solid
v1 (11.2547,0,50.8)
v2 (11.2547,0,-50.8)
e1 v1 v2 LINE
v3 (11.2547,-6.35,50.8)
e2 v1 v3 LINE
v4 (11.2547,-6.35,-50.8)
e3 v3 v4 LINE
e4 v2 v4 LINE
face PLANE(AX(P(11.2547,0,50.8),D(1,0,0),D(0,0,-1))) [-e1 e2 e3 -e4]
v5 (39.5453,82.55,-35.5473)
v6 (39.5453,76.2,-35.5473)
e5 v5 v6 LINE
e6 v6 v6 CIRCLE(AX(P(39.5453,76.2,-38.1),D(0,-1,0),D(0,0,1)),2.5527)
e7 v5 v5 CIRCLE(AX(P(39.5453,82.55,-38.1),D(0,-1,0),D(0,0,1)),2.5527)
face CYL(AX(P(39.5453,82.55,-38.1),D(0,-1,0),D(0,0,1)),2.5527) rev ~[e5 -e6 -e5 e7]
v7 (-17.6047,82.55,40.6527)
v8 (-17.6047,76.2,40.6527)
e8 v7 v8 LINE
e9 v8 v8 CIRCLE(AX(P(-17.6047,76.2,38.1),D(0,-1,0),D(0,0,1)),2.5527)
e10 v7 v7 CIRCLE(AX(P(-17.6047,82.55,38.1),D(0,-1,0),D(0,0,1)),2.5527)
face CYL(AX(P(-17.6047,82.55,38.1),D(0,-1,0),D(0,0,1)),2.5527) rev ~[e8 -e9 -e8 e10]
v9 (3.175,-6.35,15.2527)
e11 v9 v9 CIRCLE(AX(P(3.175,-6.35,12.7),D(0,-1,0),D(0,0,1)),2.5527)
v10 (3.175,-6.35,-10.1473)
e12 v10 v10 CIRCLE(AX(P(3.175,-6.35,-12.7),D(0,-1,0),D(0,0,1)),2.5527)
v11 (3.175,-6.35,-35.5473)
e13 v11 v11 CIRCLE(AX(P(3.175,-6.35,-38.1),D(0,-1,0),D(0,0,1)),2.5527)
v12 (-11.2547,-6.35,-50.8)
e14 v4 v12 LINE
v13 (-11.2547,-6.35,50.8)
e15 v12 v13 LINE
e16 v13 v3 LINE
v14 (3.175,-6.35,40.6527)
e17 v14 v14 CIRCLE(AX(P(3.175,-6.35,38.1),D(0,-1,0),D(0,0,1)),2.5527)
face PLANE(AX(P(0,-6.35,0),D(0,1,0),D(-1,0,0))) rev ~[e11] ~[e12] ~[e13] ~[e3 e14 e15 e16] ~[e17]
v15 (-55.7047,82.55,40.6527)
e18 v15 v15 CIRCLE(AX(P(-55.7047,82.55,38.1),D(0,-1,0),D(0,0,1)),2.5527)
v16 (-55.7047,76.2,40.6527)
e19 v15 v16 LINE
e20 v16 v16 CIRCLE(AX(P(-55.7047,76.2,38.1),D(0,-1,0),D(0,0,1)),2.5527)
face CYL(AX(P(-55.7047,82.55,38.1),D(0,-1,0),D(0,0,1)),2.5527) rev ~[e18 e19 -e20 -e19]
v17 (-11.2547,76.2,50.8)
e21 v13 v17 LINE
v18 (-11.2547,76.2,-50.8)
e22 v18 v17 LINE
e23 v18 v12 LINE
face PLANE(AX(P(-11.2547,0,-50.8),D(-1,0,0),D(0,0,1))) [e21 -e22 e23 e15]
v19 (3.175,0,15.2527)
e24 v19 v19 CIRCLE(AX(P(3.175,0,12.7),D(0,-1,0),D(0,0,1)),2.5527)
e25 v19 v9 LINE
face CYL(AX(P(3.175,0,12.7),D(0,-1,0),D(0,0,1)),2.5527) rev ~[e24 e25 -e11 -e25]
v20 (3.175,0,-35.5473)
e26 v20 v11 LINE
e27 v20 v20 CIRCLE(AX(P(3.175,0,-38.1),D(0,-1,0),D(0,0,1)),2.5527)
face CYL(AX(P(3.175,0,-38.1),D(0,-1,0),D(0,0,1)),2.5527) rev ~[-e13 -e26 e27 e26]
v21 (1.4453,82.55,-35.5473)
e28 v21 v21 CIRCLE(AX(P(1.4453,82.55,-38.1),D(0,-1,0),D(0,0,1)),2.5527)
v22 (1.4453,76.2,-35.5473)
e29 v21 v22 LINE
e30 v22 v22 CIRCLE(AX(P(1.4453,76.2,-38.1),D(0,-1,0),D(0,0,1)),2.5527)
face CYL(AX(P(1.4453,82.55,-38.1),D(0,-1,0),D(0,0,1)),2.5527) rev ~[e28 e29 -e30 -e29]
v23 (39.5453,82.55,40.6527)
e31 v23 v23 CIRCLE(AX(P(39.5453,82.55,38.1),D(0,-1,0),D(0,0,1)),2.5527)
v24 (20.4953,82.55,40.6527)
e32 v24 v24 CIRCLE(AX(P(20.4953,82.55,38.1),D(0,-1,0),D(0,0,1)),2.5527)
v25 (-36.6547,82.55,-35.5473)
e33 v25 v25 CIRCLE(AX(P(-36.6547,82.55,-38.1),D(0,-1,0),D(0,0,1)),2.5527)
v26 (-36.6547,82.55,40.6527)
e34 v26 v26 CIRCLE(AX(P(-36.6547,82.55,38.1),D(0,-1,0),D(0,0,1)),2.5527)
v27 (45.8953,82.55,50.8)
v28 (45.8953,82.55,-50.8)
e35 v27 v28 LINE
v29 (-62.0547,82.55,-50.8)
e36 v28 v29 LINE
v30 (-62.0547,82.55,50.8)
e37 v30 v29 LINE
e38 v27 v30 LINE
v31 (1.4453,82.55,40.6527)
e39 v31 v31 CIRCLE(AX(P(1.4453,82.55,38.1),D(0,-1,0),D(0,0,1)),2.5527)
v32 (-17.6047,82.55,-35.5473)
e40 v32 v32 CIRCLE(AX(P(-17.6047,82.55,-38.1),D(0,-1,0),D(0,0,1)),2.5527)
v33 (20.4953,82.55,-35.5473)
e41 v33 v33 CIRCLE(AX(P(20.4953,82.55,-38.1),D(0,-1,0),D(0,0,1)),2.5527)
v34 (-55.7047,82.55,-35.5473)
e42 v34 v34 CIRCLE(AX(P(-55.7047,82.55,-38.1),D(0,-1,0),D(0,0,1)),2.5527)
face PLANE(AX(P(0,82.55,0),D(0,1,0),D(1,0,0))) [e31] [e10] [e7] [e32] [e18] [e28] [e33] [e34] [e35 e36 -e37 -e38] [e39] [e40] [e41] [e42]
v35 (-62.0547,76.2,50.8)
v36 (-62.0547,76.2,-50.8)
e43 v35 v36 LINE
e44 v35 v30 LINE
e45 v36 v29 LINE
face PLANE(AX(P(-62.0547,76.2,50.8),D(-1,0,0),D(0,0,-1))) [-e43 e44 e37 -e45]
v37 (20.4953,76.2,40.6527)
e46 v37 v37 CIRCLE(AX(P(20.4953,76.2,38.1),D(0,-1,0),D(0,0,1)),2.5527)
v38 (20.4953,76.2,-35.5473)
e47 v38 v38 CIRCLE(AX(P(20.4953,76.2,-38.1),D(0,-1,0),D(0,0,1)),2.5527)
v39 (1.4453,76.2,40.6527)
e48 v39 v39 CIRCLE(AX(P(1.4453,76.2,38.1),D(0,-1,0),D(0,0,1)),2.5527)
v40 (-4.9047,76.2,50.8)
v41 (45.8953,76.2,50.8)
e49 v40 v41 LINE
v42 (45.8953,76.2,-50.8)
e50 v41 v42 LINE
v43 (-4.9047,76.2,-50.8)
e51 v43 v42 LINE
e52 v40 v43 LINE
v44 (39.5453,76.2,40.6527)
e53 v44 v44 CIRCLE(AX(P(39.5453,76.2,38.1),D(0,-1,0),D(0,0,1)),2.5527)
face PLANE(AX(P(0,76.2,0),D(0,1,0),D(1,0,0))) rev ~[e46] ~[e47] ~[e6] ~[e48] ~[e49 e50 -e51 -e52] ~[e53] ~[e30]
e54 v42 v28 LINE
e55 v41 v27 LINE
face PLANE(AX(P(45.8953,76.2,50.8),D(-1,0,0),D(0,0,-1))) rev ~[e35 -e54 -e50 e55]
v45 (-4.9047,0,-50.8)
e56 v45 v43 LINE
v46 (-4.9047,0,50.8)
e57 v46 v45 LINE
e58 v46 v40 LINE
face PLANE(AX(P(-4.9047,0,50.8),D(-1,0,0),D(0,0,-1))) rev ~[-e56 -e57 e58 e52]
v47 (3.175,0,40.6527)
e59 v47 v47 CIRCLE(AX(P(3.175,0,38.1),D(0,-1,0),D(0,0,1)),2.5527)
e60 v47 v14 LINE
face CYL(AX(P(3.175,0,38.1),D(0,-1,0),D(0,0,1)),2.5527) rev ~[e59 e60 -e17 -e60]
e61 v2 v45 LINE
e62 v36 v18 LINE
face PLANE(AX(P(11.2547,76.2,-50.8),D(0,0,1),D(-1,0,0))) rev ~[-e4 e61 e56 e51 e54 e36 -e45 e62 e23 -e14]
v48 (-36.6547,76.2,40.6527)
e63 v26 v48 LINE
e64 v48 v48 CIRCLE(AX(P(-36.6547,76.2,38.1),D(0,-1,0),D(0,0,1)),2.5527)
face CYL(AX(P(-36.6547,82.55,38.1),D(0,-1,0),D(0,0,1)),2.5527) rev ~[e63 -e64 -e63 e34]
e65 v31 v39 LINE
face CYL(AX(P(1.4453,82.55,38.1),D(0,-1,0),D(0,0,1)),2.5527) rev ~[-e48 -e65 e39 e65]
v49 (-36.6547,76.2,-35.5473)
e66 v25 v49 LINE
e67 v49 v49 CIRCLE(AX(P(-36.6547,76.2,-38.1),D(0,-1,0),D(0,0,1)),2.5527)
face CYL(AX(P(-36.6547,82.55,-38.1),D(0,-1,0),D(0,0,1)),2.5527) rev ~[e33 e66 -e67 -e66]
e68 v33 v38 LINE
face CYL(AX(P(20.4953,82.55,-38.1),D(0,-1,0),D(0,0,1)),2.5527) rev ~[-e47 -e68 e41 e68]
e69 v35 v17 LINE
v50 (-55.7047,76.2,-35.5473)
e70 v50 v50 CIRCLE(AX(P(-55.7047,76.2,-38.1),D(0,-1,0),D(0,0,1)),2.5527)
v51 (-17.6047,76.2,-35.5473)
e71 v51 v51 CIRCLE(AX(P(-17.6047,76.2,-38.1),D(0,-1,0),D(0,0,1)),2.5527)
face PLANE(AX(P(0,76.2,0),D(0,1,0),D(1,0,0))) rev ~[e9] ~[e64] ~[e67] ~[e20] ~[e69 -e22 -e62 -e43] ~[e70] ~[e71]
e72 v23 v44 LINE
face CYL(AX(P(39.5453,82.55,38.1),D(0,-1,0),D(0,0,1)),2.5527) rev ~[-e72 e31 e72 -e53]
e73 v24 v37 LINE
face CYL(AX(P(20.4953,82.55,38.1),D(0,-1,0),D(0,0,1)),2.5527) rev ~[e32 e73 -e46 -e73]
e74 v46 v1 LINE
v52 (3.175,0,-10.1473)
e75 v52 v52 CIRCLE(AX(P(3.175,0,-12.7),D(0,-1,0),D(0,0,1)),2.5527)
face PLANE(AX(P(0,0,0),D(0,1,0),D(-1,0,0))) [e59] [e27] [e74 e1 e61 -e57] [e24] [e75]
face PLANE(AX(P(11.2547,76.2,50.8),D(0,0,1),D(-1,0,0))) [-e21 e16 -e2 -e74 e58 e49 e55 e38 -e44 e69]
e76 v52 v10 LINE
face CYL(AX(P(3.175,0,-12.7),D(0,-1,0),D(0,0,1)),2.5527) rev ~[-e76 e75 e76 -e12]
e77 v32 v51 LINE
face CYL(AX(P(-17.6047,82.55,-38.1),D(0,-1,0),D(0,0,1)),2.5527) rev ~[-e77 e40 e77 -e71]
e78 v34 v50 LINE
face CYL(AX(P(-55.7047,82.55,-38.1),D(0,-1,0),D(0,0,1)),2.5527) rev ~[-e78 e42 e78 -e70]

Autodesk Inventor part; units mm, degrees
ref_plane "YZ Plane" through (0, 0, 0) normal (1, 0, 0) x (0, 1, 0)
ref_plane "XZ Plane" through (0, 0, 0) normal (0, 1, 0) x (-1, 0, 0)
ref_plane "XY Plane" through (0, 0, 0) normal (0, 0, 1) x (1, 0, 0)
sketch "Sketch1" plane through (0, 0, 0) normal (0, 1, 0) x (-1, 0, 0)
  line L0 (11.2547, 50.8) -> (-11.2547, 50.8)
  line L1 (-11.2547, 50.8) -> (-11.2547, -50.8)
  line L2 (-11.2547, -50.8) -> (11.2547, -50.8)
  line L3 (11.2547, -50.8) -> (11.2547, 50.8)
  line L4 (11.2547, 50.8) -> (-11.2547, -50.8) construction
  line L5 (-11.2547, 50.8) -> (11.2547, -50.8) construction
  point P0 (0, 0)
  dimension "d0" = 101.6
  dimension "d1" = 22.5095
extrude "Extrusion1" add sketch "Sketch1" against normal blind 6.35
sketch "Sketch2" plane through (0, 0, 0) normal (0, 1, 0) x (1, 0, 0)
  line L0 (11.2547, -50.8) -> (-11.2547, -50.8) projected
  line L1 (-11.2547, 50.8) -> (11.2547, 50.8) projected
  line L2 (-11.2547, -50.8) -> (-4.9047, -50.8)
  line L3 (-4.9047, -50.8) -> (-4.9047, 50.8)
  line L4 (-4.9047, 50.8) -> (-11.2547, 50.8)
  line L5 (-11.2547, 50.8) -> (-11.2547, -50.8)
  point P0 (0, 0)
  dimension "d4" = 6.35
extrude "Extrusion2" add sketch "Sketch2" along normal blind 76.2
sketch "Sketch3" plane through (0, 76.2, 0) normal (0, 1, 0) x (1, 0, 0)
  line L0 (11.2547, -50.8) -> (-11.2547, -50.8) projected
  line L1 (-11.2547, -50.8) -> (-62.0547, -50.8)
  line L2 (-62.0547, -50.8) -> (-62.0547, 50.8)
  line L3 (-62.0547, 50.8) -> (-11.2547, 50.8)
  line L4 (-11.2547, 50.8) -> (-11.2547, -50.8)
  line L5 (-4.9047, -50.8) -> (-4.9047, 50.8) projected
  line L6 (-4.9047, 50.8) -> (-11.2547, 50.8) projected
  line L7 (-11.2547, -50.8) -> (-4.9047, -50.8) projected
  line L8 (11.2547, -50.8) -> (11.2547, 50.8) projected
  line L9 (11.2547, 50.8) -> (-4.9047, 50.8) projected
  line L10 (-11.2547, -50.8) -> (-11.2547, 50.8) projected
  line L11 (-11.2547, -50.8) -> (-4.9047, -50.8)
  line L12 (-4.9047, -50.8) -> (-4.9047, 50.8)
  line L13 (-4.9047, 50.8) -> (-11.2547, 50.8)
  line L14 (-11.2547, 50.8) -> (-11.2547, -50.8)
  line L15 (-4.9047, -50.8) -> (45.8953, -50.8)
  line L16 (45.8953, -50.8) -> (45.8953, 50.8)
  line L17 (45.8953, 50.8) -> (-4.9047, 50.8)
  line L18 (-4.9047, 50.8) -> (-4.9047, -50.8)
  point P0 (0, 0)
  dimension "d7" = 50.8
  dimension "d8" = 50.8
extrude "Extrusion3" add sketch "Sketch3" along normal blind 6.35
sketch "Sketch4" plane through (0, 0, 0) normal (0, 1, 0) x (1, 0, 0)
  line L0 (-4.9047, -50.8) -> (11.2547, -50.8) construction
  line L1 (3.175, -50.8) -> (3.175, 50.8) construction
  line L2 (-11.2547, 50.8) -> (11.2547, 50.8) construction
  point P0 (0, 0)
  point P1 (3.175, -38.1)
  point P2 (3.175, -12.7)
  point P3 (3.175, 12.7)
  point P4 (3.175, 38.1)
  dimension "d11" = 12.7
  dimension "d14" = 25.4
hole "Hole1" at (3.175, 0, 38.1) at (3.175, 0, 12.7) at (3.175, 0, -12.7) at (3.175, 0, -38.1) direction (0, -1, 0) diameter 5.1054 end through all clearance for "Hex Machine Screw" size "#10" standard "Ansi Unified Screw Threads"
sketch "Sketch5" plane through (0, 82.55, 0) normal (0, 1, 0) x (1, 0, 0)
  line L0 (-62.0547, 50.8) -> (-62.0547, -50.8) construction
  line L1 (-62.0547, -38.1) -> (42.9055, -38.1) construction
  line L2 (-55.7047, -38.1) -> (-55.7047, 38.1) construction
  point P0 (0, 0)
  point P1 (-36.6547, -38.1)
  point P2 (-36.6547, 38.1)
  point P3 (-17.6047, -38.1)
  point P4 (-17.6047, 38.1)
  point P5 (1.4453, -38.1)
  point P6 (1.4453, 38.1)
  point P7 (20.4953, -38.1)
  point P8 (20.4953, 38.1)
  point P9 (39.5453, -38.1)
  point P10 (39.5453, 38.1)
  point P11 (58.5953, -38.1)
  point P12 (58.5953, 38.1)
  dimension "d26" = 38.1
  dimension "d27" = 76.2
  dimension "d28" = 6.35
  dimension "d31" = 76.2
  dimension "d34" = 19.05
hole "Hole2" at (-55.7047, 82.55, 38.1) at (-55.7047, 82.55, -38.1) at (-36.6547, 82.55, 38.1) at (-36.6547, 82.55, -38.1) at (-17.6047, 82.55, 38.1) at (-17.6047, 82.55, -38.1) at (1.4453, 82.55, 38.1) at (1.4453, 82.55, -38.1) at (20.4953, 82.55, 38.1) at (20.4953, 82.55, -38.1) at (39.5453, 82.55, 38.1) at (39.5453, 82.55, -38.1) at (58.5953, 82.55, 38.1) at (58.5953, 82.55, -38.1) direction (0, -1, 0) diameter 5.1054 depth 6.35 clearance for "Hex Machine Screw" size "#10" standard "Ansi Unified Screw Threads"
equation "\"d0\" = BaseLength"
equation "\"d1\" = BaseWidth"
equation "\"d2\" = BaseThickness"
equation "\"d4\" = BackWidth"
equation "\"d5\" = BackHeight"
equation "\"d7\" = TopBackExtension"
equation "\"d8\" = TopFrontExtension"
equation "\"d9\" = TopThickness"
equation "\"d11\" = offsetForFirstHole"
equation "\"d26\" = 0.5 * holeSpacingForMotorBracket"
equation "\"d27\" = holeSpacingForMotorBracket"
equation "\"d28\" = offsetForBracketHoleFromEdge"
equation "\"d34\" = holeSpacingForVariationInMotorBracketHoles"
equation "\"BaseWidth\" = 22.50948"
equation "\"BaseLength\" = 101.6"
equation "\"BaseThickness\" = 6.35"
equation "\"BackWidth\" = 6.35"
equation "\"BackHeight\" = 76.2"
equation "\"TopBackExtension\" = 50.8"
equation "\"TopFrontExtension\" = 50.8"
equation "\"TopThickness\" = 6.35"
equation "\"offsetForFirstHole\" = 12.7"
equation "\"holeSpacingForMotorBracket\" = 76.2"
equation "\"offsetForBracketHoleFromEdge\" = 6.35"
equation "\"holeSpacingForVariationInMotorBracketHoles\" = 19.05"
properties part number "pullyBracket"
